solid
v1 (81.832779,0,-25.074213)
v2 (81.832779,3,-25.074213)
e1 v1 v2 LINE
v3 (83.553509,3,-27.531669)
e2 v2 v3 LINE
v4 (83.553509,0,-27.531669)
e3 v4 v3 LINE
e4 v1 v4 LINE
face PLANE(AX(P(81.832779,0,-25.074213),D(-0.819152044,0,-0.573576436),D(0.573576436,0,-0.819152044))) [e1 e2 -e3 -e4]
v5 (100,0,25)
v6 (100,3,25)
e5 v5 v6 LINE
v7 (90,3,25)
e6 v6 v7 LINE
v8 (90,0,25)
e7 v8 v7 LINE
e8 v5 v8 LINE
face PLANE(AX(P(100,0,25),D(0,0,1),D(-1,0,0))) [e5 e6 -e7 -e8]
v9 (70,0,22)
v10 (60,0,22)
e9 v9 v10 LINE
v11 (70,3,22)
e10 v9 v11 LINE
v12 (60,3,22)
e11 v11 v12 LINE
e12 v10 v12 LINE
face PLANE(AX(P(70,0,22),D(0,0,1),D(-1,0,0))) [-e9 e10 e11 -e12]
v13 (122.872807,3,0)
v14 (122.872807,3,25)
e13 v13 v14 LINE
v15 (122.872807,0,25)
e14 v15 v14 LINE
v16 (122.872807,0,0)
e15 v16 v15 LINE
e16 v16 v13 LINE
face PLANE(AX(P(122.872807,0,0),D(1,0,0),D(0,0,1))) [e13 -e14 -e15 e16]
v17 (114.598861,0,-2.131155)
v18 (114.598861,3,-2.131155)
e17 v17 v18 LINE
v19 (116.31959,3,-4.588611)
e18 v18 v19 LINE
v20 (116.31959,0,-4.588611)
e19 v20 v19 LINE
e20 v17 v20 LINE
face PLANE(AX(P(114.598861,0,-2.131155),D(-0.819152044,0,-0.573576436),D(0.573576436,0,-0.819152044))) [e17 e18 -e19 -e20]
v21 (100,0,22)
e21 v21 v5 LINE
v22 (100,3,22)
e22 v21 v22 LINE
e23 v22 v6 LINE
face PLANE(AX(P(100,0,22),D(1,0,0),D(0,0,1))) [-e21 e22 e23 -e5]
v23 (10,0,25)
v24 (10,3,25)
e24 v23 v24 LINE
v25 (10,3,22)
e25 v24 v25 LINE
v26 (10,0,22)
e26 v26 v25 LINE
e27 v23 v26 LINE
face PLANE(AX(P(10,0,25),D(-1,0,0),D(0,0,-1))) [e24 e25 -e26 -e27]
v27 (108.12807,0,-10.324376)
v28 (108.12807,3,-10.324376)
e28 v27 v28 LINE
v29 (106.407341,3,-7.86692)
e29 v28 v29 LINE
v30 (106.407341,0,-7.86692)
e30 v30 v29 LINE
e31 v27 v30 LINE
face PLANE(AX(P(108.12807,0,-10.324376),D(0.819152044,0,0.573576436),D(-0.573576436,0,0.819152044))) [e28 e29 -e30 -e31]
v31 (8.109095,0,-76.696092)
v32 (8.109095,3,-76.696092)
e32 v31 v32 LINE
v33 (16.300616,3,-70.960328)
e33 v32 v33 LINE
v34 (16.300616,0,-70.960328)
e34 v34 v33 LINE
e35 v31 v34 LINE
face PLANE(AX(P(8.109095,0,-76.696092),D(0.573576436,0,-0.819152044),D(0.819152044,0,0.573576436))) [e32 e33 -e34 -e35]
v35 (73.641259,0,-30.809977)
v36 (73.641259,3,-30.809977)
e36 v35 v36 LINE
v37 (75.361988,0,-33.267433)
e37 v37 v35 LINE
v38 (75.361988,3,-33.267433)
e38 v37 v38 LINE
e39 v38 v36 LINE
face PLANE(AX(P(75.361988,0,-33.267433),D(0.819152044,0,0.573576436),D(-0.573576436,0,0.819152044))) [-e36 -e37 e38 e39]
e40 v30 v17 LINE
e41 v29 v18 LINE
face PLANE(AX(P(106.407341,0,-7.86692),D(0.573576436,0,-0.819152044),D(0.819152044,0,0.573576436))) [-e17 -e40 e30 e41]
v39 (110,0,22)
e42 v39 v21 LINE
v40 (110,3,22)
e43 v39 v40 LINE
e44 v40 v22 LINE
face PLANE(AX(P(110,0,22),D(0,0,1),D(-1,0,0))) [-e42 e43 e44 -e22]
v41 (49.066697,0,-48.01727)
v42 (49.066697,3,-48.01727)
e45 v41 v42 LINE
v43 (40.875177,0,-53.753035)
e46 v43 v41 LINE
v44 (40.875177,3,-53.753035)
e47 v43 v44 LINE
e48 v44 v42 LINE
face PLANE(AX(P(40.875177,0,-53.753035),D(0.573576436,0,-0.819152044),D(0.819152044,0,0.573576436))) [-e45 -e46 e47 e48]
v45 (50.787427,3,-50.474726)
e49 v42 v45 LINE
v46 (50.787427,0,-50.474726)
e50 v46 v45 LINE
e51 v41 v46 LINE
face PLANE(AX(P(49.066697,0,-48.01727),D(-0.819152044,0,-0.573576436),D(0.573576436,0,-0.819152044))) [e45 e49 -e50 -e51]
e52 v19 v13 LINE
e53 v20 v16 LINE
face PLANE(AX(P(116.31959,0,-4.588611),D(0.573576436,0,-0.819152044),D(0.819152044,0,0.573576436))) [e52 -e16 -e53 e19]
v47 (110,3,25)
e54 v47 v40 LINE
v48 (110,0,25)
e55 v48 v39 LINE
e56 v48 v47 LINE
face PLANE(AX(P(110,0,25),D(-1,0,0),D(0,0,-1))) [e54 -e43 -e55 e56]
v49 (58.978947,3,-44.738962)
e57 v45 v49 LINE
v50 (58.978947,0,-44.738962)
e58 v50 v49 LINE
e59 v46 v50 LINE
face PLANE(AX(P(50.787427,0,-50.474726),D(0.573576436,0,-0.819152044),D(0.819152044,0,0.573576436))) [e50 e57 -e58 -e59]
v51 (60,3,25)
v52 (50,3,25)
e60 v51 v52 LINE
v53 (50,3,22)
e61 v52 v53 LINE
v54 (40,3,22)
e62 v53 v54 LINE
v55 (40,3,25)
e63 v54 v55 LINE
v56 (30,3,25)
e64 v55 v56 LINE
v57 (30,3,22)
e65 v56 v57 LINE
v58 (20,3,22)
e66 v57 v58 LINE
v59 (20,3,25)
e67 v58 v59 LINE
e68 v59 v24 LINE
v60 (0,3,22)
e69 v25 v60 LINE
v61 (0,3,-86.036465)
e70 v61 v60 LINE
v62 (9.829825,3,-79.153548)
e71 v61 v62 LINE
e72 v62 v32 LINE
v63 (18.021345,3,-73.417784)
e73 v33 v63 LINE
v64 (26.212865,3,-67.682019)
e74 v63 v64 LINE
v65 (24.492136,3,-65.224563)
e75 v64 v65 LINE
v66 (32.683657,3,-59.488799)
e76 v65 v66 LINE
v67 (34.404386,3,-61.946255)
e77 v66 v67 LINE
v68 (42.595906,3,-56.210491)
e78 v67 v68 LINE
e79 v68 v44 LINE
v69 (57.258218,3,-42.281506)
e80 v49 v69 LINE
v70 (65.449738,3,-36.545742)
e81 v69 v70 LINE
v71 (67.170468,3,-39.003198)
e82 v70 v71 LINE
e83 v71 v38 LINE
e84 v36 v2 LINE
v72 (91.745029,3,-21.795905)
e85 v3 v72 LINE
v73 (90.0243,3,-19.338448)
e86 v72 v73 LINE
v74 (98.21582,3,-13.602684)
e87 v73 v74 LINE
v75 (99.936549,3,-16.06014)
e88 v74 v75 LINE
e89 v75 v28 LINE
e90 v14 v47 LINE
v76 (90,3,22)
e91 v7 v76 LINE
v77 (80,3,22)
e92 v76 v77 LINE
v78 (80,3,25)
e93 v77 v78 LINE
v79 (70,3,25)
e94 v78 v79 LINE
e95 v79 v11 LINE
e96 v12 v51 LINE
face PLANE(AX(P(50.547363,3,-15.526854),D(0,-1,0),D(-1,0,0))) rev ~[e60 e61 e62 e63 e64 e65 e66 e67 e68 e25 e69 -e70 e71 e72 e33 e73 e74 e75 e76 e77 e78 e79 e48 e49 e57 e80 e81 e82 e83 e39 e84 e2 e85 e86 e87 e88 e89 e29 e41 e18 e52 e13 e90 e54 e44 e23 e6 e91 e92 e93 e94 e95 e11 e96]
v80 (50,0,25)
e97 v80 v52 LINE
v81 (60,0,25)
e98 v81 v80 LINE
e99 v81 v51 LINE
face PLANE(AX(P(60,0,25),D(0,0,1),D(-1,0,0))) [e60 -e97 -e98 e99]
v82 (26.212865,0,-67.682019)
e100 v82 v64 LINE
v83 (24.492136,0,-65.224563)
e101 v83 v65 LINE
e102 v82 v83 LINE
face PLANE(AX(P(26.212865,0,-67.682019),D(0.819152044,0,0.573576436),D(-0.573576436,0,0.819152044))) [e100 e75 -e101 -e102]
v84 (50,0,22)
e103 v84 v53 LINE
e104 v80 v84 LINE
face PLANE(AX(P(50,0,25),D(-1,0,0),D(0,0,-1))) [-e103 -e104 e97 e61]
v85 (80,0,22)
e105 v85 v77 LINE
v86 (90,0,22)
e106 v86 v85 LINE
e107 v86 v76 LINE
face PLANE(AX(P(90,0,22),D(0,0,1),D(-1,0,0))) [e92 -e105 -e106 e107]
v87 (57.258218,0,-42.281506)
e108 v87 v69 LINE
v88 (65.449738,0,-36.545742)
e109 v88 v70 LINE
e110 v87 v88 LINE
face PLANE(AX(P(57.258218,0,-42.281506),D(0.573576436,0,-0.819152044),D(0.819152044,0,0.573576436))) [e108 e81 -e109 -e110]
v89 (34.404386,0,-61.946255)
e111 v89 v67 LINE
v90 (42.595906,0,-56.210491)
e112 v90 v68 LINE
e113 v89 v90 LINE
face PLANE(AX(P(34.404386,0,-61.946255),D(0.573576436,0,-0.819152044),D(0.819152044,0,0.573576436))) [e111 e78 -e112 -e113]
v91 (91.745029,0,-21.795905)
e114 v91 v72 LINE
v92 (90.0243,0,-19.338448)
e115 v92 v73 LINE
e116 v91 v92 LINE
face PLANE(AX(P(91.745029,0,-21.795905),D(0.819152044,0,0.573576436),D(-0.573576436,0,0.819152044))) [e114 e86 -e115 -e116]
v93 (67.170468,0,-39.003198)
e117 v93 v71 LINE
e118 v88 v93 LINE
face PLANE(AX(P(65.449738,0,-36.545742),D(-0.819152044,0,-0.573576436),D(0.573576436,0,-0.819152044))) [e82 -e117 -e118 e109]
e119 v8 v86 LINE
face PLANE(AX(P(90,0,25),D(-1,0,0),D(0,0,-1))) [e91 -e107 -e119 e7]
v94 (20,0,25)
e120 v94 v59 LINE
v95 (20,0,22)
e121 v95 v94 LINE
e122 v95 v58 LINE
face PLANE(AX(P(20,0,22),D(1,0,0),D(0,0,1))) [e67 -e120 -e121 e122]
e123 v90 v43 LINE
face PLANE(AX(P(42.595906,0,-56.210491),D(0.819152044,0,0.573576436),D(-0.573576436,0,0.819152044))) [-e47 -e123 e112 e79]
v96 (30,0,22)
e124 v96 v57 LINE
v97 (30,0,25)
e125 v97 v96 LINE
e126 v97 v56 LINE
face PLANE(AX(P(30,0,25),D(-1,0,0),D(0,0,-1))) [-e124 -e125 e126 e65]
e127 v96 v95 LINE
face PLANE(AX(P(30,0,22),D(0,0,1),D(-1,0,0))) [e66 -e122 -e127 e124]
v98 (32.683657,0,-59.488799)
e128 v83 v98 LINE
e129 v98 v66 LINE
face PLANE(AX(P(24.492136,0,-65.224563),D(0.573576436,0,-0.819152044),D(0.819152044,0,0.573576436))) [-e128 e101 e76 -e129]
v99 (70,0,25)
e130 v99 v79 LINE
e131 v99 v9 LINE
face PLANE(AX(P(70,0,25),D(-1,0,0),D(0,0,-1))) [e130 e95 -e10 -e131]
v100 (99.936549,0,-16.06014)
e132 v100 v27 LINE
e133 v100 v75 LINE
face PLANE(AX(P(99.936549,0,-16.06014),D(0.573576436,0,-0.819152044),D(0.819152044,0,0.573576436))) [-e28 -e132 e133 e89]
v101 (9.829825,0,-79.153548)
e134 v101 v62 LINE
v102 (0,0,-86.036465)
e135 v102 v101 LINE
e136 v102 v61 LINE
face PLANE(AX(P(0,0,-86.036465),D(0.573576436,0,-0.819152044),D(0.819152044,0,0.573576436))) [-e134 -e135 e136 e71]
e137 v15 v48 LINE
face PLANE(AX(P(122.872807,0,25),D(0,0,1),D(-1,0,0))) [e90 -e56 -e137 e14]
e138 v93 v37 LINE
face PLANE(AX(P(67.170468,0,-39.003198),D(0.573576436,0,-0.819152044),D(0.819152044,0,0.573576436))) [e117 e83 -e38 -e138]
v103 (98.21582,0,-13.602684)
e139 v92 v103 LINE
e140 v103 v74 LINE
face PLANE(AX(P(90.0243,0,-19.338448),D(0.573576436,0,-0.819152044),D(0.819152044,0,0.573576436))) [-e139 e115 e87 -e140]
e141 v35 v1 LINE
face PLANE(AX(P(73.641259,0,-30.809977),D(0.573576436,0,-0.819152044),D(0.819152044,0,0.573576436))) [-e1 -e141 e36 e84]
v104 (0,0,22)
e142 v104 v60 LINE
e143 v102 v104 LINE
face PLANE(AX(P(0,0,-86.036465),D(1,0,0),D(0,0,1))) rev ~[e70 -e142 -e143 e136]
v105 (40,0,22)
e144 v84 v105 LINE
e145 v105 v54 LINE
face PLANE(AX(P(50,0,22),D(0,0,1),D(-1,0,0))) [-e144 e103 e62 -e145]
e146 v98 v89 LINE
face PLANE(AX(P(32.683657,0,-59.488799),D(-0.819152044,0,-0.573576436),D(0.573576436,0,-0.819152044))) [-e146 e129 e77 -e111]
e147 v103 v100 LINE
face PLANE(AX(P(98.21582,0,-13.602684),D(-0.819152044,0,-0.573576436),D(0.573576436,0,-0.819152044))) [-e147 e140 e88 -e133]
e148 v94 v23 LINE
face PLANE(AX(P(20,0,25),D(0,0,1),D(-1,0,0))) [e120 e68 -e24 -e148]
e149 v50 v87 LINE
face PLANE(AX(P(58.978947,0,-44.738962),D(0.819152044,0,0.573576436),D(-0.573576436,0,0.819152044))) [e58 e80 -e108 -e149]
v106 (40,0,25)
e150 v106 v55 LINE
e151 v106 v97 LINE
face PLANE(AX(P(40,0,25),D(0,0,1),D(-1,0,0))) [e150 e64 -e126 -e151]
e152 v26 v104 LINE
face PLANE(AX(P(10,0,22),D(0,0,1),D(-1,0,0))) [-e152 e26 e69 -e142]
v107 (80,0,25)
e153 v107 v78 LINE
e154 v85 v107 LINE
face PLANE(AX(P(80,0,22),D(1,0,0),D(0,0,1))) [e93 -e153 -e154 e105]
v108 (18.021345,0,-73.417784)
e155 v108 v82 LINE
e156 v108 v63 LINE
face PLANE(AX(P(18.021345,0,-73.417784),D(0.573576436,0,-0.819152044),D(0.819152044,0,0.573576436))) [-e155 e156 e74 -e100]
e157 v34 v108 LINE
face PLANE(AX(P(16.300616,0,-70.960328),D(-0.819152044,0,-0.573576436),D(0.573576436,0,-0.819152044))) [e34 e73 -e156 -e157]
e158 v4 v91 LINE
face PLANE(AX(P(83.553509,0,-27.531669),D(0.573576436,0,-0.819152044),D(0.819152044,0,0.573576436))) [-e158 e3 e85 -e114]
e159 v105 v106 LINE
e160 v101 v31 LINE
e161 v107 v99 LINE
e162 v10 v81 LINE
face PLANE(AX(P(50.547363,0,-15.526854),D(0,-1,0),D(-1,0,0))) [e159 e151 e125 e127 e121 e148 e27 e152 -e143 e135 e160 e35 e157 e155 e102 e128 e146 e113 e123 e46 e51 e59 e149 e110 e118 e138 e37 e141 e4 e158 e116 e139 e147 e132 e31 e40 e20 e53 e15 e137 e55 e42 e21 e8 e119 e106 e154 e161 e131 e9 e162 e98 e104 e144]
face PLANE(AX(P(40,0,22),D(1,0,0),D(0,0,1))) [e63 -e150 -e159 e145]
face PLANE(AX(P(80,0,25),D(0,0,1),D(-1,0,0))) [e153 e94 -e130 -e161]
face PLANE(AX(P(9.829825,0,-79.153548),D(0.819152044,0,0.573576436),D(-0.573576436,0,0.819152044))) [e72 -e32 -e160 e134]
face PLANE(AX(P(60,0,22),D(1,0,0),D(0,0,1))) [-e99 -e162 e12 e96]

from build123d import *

# Parameters (mm, degrees)
BOSS_EXTRU_1_DEPTH = 3


with BuildPart() as part:
    # Esquisse1 → Boss.-Extru.1 (new body)
    with BuildSketch(Plane(origin=(0, 0, 0), x_dir=(1, 0, 0), z_dir=(0, 1, 0))):
        Polygon((0, 0), (0, 86.036465453), (9.829824531, 79.153548216), (8.109095222, 76.696092084), (16.300615665, 70.96032772), (18.021344974, 73.417783853), (26.212865417, 67.682019489), (24.492136108, 65.224563357), (32.683656551, 59.488798993), (34.40438586, 61.946255126), (42.595906303, 56.210490762), (40.875176994, 53.75303463), (49.066697437, 48.017270266), (50.787426746, 50.474726399), (58.978947189, 44.738962035), (57.25821788, 42.281505903), (65.449738323, 36.545741539), (67.170467632, 39.003197672), (75.361988075, 33.267433308), (73.641258766, 30.809977175), (81.832779208, 25.074212812), (83.553508517, 27.531668945), (91.74502896, 21.795904581), (90.024299651, 19.338448448), (98.215820094, 13.602684085), (99.936549403, 16.060140218), (108.128069846, 10.324375854), (106.407340537, 7.866919721), (114.59886098, 2.131155358), (116.319590289, 4.588611491), (122.872806643, 0), (122.872806643, -25), (110, -25), (110, -22), (100, -22), (100, -25), (90, -25), (90, -22), (80, -22), (80, -25), (70, -25), (70, -22), (60, -22), (60, -25), (50, -25), (50, -22), (40, -22), (40, -25), (30, -25), (30, -22), (20, -22), (20, -25), (10, -25), (10, -22), (0, -22), align=None)
    extrude(amount=BOSS_EXTRU_1_DEPTH)


solid = part.part
